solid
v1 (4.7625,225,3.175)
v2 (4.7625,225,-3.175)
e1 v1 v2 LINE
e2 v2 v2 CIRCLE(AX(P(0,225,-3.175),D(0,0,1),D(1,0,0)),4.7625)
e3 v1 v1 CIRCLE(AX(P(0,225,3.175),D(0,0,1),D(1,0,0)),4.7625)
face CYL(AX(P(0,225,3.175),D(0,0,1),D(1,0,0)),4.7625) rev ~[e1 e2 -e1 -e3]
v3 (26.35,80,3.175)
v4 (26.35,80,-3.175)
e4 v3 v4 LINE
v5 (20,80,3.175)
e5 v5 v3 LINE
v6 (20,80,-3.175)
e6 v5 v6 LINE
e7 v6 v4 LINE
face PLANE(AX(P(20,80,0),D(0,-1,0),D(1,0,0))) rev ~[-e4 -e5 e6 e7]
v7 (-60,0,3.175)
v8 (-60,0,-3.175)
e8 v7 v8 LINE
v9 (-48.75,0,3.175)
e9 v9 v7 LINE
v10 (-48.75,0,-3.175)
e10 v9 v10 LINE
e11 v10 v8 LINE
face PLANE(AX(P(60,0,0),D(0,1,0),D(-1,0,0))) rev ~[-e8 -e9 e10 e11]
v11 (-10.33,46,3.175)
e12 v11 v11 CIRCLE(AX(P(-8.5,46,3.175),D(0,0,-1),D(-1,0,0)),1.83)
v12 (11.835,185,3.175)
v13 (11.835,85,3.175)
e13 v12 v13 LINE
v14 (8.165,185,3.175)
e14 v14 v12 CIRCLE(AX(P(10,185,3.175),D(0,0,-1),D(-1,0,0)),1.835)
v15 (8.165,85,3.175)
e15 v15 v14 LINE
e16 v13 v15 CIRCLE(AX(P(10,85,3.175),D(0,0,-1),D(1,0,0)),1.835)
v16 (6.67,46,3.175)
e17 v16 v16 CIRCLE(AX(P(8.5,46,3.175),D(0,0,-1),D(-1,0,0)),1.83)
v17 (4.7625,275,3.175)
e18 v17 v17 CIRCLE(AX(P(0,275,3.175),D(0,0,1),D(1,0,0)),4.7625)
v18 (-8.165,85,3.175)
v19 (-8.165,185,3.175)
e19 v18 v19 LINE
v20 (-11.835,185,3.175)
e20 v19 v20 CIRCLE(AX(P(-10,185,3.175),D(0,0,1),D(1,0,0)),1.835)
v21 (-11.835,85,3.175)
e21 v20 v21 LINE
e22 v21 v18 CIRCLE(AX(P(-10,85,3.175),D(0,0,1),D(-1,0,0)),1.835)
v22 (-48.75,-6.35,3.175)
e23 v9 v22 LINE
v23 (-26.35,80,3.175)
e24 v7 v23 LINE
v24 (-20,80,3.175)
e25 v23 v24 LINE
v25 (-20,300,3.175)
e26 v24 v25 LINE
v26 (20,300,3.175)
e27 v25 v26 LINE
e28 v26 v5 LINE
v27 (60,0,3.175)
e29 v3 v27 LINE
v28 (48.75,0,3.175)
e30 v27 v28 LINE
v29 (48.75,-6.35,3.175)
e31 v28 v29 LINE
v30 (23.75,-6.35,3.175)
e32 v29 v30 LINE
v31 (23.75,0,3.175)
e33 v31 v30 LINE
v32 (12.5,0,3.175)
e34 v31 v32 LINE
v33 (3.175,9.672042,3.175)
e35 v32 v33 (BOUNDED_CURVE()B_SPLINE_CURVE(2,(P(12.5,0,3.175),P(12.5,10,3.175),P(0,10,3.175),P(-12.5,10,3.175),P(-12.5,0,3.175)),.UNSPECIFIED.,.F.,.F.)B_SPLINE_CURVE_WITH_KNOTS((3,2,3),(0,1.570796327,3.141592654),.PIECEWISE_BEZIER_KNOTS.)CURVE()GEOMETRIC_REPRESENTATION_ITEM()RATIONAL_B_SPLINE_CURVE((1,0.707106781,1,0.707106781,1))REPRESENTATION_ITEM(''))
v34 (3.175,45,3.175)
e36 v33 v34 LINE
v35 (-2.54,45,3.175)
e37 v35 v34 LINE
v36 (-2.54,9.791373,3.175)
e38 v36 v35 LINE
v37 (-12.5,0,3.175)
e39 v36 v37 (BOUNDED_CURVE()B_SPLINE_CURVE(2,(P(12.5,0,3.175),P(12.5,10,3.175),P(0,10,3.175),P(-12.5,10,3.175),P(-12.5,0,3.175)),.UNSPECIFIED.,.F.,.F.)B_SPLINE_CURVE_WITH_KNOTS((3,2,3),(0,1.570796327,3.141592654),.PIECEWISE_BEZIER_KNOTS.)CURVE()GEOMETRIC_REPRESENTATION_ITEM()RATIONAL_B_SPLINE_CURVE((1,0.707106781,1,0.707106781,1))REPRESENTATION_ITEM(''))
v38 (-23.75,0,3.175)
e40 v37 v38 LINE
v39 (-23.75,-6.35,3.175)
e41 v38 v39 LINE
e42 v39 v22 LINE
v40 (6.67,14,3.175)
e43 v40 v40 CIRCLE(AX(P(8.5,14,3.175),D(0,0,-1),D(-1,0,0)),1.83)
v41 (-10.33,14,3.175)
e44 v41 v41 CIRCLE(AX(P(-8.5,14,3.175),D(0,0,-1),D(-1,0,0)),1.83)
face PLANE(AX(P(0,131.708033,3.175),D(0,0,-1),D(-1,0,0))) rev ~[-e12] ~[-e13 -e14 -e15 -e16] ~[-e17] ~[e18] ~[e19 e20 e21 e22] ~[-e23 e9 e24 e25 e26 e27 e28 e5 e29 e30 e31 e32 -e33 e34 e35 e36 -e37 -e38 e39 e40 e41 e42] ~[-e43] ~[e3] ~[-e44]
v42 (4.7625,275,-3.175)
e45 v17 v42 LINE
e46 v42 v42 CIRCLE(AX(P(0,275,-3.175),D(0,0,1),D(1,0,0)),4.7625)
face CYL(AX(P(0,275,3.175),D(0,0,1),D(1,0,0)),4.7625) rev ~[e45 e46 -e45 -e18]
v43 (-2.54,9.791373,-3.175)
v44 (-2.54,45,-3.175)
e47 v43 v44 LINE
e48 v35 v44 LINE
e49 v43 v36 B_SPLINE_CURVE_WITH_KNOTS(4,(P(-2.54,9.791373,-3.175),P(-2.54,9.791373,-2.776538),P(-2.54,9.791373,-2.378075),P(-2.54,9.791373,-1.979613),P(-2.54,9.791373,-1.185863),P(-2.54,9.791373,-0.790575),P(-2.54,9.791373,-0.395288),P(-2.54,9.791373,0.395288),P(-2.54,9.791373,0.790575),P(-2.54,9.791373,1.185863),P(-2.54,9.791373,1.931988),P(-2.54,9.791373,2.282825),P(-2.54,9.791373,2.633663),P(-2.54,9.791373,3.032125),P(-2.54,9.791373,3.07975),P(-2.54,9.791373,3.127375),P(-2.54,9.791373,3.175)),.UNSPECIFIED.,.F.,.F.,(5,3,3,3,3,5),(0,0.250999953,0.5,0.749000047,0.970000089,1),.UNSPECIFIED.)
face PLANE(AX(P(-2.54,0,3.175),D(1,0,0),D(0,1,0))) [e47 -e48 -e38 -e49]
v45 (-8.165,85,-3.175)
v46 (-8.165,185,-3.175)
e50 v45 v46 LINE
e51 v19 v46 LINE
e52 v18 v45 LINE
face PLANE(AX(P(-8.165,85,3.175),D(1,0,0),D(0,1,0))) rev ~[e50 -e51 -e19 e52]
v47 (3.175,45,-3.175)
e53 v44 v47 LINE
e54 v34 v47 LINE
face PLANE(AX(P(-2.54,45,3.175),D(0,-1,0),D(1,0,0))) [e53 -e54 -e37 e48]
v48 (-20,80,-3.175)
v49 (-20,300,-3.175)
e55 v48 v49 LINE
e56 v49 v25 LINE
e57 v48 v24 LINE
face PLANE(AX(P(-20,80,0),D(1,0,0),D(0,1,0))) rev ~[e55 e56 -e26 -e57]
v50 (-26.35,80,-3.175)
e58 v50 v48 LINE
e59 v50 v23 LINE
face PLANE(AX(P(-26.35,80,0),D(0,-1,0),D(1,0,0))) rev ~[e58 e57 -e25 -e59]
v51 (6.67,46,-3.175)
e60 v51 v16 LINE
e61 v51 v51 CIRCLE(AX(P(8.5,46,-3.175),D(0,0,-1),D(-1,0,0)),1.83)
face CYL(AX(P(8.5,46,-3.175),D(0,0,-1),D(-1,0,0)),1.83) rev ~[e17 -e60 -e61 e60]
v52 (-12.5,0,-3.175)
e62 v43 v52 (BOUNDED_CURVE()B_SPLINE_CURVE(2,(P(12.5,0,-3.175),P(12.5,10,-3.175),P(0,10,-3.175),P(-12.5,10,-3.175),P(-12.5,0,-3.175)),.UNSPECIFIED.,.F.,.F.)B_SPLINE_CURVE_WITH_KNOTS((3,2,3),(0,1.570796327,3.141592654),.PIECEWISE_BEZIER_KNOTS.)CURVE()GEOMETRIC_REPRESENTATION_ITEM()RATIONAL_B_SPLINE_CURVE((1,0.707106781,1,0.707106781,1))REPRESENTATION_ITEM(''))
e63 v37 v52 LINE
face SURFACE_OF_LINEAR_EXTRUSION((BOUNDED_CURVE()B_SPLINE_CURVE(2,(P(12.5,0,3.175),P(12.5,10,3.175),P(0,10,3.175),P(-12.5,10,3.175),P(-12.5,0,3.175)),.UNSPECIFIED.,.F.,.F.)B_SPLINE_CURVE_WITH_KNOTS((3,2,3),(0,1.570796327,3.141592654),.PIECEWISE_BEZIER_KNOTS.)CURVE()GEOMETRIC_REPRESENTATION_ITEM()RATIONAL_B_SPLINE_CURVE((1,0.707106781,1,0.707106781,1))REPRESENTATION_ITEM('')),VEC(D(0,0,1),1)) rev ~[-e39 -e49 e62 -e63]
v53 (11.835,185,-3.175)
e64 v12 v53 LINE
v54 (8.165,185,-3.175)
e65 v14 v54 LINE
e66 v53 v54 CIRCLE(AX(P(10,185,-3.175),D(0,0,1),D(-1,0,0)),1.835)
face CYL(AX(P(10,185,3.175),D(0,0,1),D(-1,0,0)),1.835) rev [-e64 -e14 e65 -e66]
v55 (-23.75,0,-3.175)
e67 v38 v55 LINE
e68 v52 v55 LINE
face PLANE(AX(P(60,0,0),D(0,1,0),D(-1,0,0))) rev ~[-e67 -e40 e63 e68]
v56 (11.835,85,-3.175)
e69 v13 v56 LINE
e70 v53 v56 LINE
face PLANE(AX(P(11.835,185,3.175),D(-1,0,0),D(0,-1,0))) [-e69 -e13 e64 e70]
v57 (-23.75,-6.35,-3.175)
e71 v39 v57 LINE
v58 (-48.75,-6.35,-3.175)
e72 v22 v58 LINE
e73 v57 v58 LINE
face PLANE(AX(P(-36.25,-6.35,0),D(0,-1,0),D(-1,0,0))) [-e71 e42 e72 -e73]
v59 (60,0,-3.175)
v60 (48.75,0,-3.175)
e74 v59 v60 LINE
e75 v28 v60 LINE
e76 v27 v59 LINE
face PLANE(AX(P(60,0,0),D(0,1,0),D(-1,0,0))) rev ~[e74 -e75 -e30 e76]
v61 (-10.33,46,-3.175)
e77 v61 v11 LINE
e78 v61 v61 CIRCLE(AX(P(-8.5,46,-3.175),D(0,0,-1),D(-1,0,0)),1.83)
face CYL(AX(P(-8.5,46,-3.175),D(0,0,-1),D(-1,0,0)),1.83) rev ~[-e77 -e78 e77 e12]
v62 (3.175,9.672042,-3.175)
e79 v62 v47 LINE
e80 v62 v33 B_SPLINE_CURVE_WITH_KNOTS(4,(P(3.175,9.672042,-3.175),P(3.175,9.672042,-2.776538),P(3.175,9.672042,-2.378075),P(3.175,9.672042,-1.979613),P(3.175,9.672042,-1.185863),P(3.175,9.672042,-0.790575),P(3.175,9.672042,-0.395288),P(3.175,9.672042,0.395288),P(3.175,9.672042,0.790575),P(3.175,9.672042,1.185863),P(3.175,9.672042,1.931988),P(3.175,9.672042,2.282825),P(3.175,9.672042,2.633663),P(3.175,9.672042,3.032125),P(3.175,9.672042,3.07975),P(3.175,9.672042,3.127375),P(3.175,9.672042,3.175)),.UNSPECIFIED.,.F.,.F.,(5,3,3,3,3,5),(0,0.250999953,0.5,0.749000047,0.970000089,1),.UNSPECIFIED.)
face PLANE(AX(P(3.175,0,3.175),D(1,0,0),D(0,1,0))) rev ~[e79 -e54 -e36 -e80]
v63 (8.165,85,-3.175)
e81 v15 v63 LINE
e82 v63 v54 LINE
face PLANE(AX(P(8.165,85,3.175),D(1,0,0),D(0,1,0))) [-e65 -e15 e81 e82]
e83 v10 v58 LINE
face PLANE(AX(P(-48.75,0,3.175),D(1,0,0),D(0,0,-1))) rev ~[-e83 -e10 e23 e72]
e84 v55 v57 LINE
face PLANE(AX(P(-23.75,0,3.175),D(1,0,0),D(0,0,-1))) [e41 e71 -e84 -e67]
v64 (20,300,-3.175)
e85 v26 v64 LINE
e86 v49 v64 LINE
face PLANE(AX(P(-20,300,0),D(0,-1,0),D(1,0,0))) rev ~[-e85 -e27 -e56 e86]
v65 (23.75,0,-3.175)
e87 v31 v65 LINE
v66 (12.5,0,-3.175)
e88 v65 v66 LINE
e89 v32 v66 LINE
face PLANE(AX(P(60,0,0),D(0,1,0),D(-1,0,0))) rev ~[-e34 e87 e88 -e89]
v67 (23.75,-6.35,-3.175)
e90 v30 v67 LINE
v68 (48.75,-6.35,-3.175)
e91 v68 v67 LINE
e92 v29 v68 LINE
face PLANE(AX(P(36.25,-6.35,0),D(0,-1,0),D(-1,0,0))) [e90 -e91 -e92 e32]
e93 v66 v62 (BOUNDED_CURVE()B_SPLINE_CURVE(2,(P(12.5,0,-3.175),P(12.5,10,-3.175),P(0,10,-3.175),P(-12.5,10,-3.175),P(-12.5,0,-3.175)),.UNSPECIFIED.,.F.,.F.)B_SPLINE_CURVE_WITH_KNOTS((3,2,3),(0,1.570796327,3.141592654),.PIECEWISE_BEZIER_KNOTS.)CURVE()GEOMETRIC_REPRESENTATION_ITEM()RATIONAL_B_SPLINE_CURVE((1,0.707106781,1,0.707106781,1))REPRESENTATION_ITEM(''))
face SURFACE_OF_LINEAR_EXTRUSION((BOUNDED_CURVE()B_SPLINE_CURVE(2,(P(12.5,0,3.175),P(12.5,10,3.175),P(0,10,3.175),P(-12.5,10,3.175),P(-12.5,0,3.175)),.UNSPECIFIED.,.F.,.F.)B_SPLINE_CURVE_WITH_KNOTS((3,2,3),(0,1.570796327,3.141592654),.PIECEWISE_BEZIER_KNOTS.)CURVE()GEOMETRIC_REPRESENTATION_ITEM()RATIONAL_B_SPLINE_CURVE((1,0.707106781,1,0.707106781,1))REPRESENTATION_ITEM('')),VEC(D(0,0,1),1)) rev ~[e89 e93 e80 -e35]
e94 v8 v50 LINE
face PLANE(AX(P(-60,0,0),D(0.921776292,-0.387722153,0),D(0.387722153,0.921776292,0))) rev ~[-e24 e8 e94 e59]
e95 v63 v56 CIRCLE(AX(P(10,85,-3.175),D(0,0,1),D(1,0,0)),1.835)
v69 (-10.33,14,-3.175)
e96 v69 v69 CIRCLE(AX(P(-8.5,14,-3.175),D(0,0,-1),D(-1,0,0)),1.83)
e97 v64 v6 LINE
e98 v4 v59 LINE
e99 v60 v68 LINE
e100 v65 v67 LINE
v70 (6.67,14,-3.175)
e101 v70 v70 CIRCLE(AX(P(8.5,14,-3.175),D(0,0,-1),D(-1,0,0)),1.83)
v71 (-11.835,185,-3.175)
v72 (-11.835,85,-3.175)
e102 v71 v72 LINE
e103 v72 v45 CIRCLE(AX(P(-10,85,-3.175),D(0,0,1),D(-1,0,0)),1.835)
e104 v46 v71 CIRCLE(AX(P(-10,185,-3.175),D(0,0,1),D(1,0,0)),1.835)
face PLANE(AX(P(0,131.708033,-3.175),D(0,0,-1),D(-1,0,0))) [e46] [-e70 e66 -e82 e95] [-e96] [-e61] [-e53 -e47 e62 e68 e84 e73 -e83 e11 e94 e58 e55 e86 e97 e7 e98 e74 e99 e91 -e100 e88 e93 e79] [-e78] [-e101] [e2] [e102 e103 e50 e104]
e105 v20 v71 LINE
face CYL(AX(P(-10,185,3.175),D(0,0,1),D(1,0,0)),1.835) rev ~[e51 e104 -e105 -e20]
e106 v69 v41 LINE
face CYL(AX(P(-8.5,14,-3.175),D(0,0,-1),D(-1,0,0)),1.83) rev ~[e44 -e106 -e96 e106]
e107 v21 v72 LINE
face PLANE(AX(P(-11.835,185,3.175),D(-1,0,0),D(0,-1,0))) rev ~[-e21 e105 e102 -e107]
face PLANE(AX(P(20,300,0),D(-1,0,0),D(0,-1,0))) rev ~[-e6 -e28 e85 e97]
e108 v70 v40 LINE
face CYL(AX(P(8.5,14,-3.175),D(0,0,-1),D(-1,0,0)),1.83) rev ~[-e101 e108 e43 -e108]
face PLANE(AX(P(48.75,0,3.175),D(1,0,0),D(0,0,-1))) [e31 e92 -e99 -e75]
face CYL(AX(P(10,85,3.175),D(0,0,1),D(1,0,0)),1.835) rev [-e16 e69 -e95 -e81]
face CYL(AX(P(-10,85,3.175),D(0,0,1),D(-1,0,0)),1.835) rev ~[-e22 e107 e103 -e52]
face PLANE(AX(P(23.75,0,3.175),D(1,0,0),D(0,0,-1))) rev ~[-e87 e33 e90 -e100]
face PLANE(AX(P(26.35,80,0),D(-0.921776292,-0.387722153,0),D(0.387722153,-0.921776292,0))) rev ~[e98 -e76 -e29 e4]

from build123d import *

# Parameters (mm, degrees)
BOSS_EXTRU_1_DEPTH      = 3.175
SKETCH1_R               = 4.7625
CUT_EXTRUDE1_DEPTH      = 6.35
ENL_V_MAT_EXTRU_1_DEPTH = 6.35
ESQUISSE3_W             = 5.715
ESQUISSE3_H             = 45
ENL_V_MAT_EXTRU_2_DEPTH = 6.35
ENL_V_MAT_EXTRU_3_REACH = 308.007
ESQUISSE5_R             = 1.83
ENL_V_MAT_EXTRU_4_REACH = 308.007
SKETCH3_W               = 25
SKETCH3_H               = 6.35
BOSS_EXTRUDE2_DEPTH     = 6.35


with BuildPart() as part:
    # Esquisse1 → Boss.-Extru.1 (new, symmetric)
    with BuildSketch(Plane.XY):
        Polygon((-20, 300), (20, 300), (20, 80), (26.35, 80), (60, 0), (-60, 0), (-26.35, 80), (-20, 80), align=None)
    extrude(amount=BOSS_EXTRU_1_DEPTH, both=True)

    # Sketch1 → Cut-Extrude1 (cut)
    with BuildSketch(Plane.XY.offset(3.175)):
        with Locations((0, 275)):
            Circle(SKETCH1_R)
        with Locations((0, 225)):
            Circle(SKETCH1_R)
    extrude(amount=-CUT_EXTRUDE1_DEPTH, mode=Mode.SUBTRACT)

    # Esquisse2 → Enlèv. mat.-Extru.1 (cut)
    with BuildSketch(Plane.XY.offset(3.175)):
        with BuildLine():
            Line((-12.5, 0), (12.5, 0))
            add(Edge.make_bspline(
                [(12.5, 0), (12.5, 10), (0, 10), (-12.5, 10), (-12.5, 0)],
                knots=[0, 0, 0, 1.570796327, 1.570796327, 3.141592654, 3.141592654, 3.141592654], degree=2, weights=[1, 0.707106781, 1, 0.707106781, 1]))
        make_face()
    extrude(amount=-ENL_V_MAT_EXTRU_1_DEPTH, mode=Mode.SUBTRACT)

    # Esquisse3 → Enlèv. mat.-Extru.2 (cut)
    with BuildSketch(Plane.XY.offset(3.175)):
        with Locations((0.3175, 22.5)):
            Rectangle(ESQUISSE3_W, ESQUISSE3_H)
    extrude(amount=-ENL_V_MAT_EXTRU_2_DEPTH, mode=Mode.SUBTRACT)

    # Esquisse5 → Enlèv. mat.-Extru.3 (cut, up to next)
    with BuildSketch(Plane(origin=(0, 0, -3.175), x_dir=(-1, 0, 0), z_dir=(0, 0, -1)), mode=Mode.PRIVATE) as enl_v_mat_extru_3_sk1:
        with Locations((-8.5, 46)):
            Circle(ESQUISSE5_R)
    enl_v_mat_extru_3_tool1 = extrude(enl_v_mat_extru_3_sk1.sketch, amount=-ENL_V_MAT_EXTRU_3_REACH, mode=Mode.PRIVATE) & part.part
    # Esquisse5 → Enlèv. mat.-Extru.3 (cut, up to next)
    with BuildSketch(Plane(origin=(0, 0, -3.175), x_dir=(-1, 0, 0), z_dir=(0, 0, -1)), mode=Mode.PRIVATE) as enl_v_mat_extru_3_sk2:
        with Locations((8.5, 46)):
            Circle(ESQUISSE5_R)
    enl_v_mat_extru_3_tool2 = extrude(enl_v_mat_extru_3_sk2.sketch, amount=-ENL_V_MAT_EXTRU_3_REACH, mode=Mode.PRIVATE) & part.part
    # Esquisse5 → Enlèv. mat.-Extru.3 (cut, up to next)
    with BuildSketch(Plane(origin=(0, 0, -3.175), x_dir=(-1, 0, 0), z_dir=(0, 0, -1)), mode=Mode.PRIVATE) as enl_v_mat_extru_3_sk3:
        with Locations((8.5, 14)):
            Circle(ESQUISSE5_R)
    enl_v_mat_extru_3_tool3 = extrude(enl_v_mat_extru_3_sk3.sketch, amount=-ENL_V_MAT_EXTRU_3_REACH, mode=Mode.PRIVATE) & part.part
    # Esquisse5 → Enlèv. mat.-Extru.3 (cut, up to next)
    with BuildSketch(Plane(origin=(0, 0, -3.175), x_dir=(-1, 0, 0), z_dir=(0, 0, -1)), mode=Mode.PRIVATE) as enl_v_mat_extru_3_sk4:
        with Locations((-8.5, 14)):
            Circle(ESQUISSE5_R)
    enl_v_mat_extru_3_tool4 = extrude(enl_v_mat_extru_3_sk4.sketch, amount=-ENL_V_MAT_EXTRU_3_REACH, mode=Mode.PRIVATE) & part.part
    add(enl_v_mat_extru_3_tool1.solids().sort_by_distance((8.5, 46, -3.175))[0], mode=Mode.SUBTRACT)
    add(enl_v_mat_extru_3_tool2.solids().sort_by_distance((-8.5, 46, -3.175))[0], mode=Mode.SUBTRACT)
    add(enl_v_mat_extru_3_tool3.solids().sort_by_distance((-8.5, 14, -3.175))[0], mode=Mode.SUBTRACT)
    add(enl_v_mat_extru_3_tool4.solids().sort_by_distance((8.5, 14, -3.175))[0], mode=Mode.SUBTRACT)

    # Esquisse6 → Enlèv. mat.-Extru.4 (cut, up to next)
    with BuildSketch(Plane.XY.offset(3.175), mode=Mode.PRIVATE) as enl_v_mat_extru_4_sk1:
        with BuildLine():
            Line((-11.835, 185), (-11.835, 85))
            ThreePointArc((-11.835, 85), (-10, 83.165), (-8.165, 85))
            Line((-8.165, 85), (-8.165, 185))
            ThreePointArc((-8.165, 185), (-10, 186.835), (-11.835, 185))
        make_face()
    enl_v_mat_extru_4_tool1 = extrude(enl_v_mat_extru_4_sk1.sketch, amount=-ENL_V_MAT_EXTRU_4_REACH, mode=Mode.PRIVATE) & part.part
    # Esquisse6 → Enlèv. mat.-Extru.4 (cut, up to next)
    with BuildSketch(Plane.XY.offset(3.175), mode=Mode.PRIVATE) as enl_v_mat_extru_4_sk2:
        with BuildLine():
            Line((11.835, 185), (11.835, 85))
            ThreePointArc((11.835, 85), (10, 83.165), (8.165, 85))
            Line((8.165, 85), (8.165, 185))
            ThreePointArc((8.165, 185), (10, 186.835), (11.835, 185))
        make_face()
    enl_v_mat_extru_4_tool2 = extrude(enl_v_mat_extru_4_sk2.sketch, amount=-ENL_V_MAT_EXTRU_4_REACH, mode=Mode.PRIVATE) & part.part
    add(enl_v_mat_extru_4_tool1.solids().sort_by_distance((-10, 135, 3.175))[0], mode=Mode.SUBTRACT)
    add(enl_v_mat_extru_4_tool2.solids().sort_by_distance((10, 135, 3.175))[0], mode=Mode.SUBTRACT)

    # Sketch3 → Boss-Extrude2 (add)
    with BuildSketch(Plane(origin=(0, 0, 0), x_dir=(-1, 0, 0), z_dir=(0, -1, 0))):
        with Locations((-36.25, 0)):
            Rectangle(SKETCH3_W, SKETCH3_H)
        with Locations((36.25, 0)):
            Rectangle(SKETCH3_W, SKETCH3_H)
    extrude(amount=BOSS_EXTRUDE2_DEPTH)


solid = part.part
